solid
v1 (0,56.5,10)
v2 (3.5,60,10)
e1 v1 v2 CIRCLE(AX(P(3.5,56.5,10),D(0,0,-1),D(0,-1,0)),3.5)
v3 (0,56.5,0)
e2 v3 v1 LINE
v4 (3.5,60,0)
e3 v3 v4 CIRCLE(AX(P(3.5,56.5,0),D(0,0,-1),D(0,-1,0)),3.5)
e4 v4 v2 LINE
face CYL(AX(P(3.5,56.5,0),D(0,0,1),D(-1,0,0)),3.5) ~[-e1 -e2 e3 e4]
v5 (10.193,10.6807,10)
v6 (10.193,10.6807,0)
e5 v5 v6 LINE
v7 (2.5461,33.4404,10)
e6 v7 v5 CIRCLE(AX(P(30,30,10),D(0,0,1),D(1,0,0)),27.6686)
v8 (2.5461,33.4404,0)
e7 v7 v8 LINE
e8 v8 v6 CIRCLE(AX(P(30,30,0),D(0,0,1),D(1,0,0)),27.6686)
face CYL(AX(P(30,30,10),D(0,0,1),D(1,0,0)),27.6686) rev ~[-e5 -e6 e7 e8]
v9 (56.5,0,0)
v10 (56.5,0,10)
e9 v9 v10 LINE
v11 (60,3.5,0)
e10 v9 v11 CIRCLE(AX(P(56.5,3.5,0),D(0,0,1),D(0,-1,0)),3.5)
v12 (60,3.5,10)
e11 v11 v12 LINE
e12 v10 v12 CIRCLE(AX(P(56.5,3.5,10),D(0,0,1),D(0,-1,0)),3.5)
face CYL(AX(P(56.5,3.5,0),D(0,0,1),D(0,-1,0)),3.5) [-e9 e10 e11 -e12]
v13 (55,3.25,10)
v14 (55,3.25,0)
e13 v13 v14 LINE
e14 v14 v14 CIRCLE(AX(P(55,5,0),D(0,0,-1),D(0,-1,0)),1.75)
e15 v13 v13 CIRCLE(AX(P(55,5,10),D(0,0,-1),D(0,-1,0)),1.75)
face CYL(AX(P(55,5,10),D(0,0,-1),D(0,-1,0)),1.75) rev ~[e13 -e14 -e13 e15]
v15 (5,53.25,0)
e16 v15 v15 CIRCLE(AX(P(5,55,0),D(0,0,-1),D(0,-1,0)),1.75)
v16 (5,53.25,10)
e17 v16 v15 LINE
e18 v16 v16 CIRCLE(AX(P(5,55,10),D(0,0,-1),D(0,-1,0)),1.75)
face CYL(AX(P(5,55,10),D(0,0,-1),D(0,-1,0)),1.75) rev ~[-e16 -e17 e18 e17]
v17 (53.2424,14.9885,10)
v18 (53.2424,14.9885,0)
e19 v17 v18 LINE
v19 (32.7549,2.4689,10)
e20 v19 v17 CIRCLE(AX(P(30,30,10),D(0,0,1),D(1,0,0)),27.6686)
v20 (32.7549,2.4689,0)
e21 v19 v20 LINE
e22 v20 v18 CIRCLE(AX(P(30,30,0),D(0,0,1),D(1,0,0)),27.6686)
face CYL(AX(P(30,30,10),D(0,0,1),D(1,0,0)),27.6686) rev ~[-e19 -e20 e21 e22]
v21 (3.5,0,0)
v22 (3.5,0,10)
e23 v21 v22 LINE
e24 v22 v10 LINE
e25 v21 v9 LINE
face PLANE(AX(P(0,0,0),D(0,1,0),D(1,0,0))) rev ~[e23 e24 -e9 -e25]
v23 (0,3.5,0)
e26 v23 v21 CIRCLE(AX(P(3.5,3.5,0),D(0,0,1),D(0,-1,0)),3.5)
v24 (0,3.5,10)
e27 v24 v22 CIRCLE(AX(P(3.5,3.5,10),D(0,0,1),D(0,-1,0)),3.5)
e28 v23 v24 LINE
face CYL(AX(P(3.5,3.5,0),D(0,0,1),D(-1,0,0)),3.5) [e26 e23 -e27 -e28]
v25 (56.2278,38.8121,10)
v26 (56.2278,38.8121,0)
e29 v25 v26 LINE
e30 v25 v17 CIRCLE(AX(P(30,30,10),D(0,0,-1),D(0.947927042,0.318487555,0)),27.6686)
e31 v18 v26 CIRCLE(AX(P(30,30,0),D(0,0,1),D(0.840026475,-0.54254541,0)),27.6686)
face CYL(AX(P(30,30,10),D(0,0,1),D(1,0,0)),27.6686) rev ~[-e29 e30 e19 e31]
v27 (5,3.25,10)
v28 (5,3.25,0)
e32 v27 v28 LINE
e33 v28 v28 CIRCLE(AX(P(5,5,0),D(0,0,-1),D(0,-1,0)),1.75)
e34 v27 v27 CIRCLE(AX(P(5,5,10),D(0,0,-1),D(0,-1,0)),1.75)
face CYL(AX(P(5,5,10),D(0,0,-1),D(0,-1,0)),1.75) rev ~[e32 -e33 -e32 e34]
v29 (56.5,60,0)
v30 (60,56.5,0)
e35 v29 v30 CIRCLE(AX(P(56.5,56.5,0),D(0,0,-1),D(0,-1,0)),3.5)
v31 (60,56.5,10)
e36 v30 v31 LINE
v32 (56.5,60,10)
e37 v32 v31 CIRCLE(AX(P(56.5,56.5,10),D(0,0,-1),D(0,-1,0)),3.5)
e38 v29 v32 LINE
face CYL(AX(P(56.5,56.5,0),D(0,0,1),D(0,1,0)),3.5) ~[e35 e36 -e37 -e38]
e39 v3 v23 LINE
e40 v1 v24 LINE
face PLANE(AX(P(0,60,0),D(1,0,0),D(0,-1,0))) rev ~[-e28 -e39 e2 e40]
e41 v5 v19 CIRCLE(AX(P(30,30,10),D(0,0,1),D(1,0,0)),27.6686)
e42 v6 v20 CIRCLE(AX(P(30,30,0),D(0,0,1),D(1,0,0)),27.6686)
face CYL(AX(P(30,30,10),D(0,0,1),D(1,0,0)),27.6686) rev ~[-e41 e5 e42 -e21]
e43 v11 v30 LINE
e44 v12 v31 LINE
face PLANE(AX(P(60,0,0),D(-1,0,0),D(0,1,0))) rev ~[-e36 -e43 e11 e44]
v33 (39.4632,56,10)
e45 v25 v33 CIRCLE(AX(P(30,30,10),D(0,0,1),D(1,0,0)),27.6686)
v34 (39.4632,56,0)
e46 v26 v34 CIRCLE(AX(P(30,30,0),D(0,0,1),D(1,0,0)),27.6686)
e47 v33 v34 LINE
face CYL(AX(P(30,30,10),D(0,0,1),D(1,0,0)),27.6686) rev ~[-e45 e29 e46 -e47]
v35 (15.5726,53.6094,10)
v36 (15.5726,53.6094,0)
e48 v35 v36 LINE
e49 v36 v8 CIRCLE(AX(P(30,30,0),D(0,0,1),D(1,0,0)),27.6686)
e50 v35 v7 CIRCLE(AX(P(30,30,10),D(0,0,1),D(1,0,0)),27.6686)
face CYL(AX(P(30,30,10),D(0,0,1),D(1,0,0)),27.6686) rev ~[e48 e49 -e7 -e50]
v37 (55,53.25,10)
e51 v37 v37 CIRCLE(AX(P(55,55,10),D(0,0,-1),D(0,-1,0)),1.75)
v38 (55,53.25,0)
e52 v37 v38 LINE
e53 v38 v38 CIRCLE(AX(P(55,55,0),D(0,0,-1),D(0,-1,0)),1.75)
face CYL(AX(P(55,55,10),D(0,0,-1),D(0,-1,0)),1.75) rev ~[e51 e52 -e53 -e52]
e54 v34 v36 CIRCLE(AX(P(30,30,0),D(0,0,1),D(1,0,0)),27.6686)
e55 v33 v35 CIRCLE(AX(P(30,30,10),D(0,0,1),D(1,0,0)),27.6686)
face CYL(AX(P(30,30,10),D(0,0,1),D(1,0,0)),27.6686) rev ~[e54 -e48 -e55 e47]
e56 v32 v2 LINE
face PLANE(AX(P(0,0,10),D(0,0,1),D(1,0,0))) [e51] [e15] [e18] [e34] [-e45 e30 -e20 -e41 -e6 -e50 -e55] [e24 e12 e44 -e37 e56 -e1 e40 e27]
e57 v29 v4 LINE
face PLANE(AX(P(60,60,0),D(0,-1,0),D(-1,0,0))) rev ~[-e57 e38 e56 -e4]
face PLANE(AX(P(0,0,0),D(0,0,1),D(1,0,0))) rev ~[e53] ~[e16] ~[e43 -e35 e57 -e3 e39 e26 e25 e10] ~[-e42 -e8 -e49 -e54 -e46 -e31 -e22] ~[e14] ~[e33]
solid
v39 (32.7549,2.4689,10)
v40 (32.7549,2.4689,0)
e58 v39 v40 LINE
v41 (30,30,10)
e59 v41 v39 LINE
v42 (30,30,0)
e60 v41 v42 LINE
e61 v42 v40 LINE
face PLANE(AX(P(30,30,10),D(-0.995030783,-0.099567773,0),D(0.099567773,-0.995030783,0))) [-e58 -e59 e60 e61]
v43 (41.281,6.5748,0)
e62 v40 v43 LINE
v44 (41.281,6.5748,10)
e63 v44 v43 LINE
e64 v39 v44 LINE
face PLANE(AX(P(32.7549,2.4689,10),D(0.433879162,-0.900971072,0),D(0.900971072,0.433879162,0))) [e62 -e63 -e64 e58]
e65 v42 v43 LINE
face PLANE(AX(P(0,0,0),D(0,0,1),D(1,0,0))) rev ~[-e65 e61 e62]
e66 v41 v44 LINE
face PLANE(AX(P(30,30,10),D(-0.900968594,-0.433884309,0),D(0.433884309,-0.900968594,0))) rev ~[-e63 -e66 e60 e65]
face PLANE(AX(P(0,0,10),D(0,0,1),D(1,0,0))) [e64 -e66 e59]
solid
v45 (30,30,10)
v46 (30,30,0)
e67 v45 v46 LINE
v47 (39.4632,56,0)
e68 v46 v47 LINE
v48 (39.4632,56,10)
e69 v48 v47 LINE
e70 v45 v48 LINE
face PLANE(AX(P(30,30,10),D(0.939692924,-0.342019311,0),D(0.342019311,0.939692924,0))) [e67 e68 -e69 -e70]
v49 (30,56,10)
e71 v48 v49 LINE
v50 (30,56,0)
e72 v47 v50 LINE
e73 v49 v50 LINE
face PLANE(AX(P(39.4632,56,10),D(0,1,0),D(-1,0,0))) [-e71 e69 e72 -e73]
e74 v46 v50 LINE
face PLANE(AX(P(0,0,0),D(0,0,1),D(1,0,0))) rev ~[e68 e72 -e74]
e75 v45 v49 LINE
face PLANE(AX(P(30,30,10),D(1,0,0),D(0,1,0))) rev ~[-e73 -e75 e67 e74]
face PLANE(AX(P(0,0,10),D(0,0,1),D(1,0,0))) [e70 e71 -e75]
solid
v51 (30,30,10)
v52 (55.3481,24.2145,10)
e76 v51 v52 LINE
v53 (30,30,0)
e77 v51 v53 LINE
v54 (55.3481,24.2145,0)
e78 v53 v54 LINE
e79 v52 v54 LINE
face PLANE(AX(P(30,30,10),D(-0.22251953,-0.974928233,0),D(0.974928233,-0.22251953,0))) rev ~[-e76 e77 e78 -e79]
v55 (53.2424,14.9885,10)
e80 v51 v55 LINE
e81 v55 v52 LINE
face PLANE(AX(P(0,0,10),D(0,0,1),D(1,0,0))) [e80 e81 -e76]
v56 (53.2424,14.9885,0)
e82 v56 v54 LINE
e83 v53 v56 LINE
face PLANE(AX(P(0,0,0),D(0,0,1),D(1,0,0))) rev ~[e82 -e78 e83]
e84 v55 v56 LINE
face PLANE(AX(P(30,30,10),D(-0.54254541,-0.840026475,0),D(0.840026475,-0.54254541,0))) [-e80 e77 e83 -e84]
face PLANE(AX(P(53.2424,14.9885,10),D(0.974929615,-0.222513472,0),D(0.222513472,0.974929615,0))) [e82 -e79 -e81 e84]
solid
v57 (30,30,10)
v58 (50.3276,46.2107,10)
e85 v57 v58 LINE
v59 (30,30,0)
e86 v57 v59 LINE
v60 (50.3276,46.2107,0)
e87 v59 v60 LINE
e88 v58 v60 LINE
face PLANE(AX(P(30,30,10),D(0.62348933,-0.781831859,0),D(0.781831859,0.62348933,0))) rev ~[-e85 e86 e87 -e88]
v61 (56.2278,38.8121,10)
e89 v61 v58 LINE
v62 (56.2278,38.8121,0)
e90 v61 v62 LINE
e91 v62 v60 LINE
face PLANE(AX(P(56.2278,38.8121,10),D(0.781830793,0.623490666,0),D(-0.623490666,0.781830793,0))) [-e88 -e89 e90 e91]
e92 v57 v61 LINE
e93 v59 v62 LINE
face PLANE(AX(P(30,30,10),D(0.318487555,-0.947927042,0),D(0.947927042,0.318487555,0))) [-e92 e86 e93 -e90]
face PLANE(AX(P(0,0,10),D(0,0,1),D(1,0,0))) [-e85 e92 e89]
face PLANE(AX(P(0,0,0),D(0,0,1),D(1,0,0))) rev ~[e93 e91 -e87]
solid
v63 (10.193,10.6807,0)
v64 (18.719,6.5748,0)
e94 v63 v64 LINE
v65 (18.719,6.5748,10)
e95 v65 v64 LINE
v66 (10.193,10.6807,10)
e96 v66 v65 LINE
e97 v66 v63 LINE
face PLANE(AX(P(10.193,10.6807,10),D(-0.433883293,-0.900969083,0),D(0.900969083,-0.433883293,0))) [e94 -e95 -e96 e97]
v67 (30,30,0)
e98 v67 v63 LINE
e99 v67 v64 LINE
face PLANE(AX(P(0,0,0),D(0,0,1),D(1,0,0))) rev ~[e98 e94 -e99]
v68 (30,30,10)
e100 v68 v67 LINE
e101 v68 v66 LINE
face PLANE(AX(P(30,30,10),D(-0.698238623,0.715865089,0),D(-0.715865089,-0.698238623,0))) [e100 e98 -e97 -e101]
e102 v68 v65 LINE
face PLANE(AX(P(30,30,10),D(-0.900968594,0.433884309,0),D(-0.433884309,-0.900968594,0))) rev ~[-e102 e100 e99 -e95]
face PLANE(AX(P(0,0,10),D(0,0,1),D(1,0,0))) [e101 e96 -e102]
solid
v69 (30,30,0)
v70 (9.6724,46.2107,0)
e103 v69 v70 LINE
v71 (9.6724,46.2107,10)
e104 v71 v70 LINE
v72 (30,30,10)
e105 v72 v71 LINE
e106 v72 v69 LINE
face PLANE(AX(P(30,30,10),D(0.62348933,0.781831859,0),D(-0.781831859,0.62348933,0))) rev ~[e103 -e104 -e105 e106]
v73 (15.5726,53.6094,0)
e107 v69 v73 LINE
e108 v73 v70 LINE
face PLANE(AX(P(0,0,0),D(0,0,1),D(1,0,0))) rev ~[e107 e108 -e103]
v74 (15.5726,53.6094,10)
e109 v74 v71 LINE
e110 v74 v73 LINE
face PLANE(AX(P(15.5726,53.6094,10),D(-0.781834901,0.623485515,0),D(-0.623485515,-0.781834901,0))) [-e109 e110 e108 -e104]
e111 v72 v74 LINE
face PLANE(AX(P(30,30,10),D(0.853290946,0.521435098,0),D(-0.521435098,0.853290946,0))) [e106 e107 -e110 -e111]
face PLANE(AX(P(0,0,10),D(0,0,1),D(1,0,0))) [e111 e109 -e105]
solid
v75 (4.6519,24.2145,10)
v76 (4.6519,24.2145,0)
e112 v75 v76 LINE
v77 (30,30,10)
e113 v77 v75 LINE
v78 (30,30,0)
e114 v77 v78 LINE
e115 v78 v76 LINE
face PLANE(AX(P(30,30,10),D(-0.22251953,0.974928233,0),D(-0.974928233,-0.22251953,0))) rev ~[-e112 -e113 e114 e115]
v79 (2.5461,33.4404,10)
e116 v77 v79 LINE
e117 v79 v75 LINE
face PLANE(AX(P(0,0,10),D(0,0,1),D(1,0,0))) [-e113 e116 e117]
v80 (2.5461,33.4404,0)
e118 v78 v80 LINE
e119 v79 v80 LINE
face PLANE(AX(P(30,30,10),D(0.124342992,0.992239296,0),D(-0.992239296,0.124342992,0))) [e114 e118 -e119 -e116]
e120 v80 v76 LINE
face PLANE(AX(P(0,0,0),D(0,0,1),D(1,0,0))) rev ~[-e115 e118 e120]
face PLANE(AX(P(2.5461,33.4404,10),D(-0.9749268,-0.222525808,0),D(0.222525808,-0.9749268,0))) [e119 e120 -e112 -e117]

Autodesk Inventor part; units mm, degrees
ref_plane "YZ Plane" through (0, 0, 0) normal (1, 0, 0) x (0, 1, 0)
ref_plane "XZ Plane" through (0, 0, 0) normal (0, 1, 0) x (-1, 0, 0)
ref_plane "XY Plane" through (0, 0, 0) normal (0, 0, 1) x (1, 0, 0)
sketch "Sketch1" plane through (0, 0, 0) normal (0, 0, 1) x (1, 0, 0)
  line L0 (0, 0) -> (60, 0)
  line L1 (60, 0) -> (60, 60)
  line L2 (60, 60) -> (0, 60)
  line L3 (0, 60) -> (0, 0)
  dimension "d0" = 60
  dimension "d1" = 60
extrude "Extrusion1" add sketch "Sketch1" along normal blind 10
hole "Hole1" at (5, 55, 10) direction (0, 0, -1) diameter 3.5 end through all
hole "Hole2" at (5, 5, 10) direction (0, 0, -1) diameter 3.5 end through all
hole "Hole3" at (55, 5, 10) direction (0, 0, -1) diameter 3.5 end through all
hole "Hole4" at (55, 55, 10) direction (0, 0, -1) diameter 3.5 end through all
fillet "Fillet1" radius 3.5 4 edges at (60, 0, 5) (0, 0, 5) (0, 60, 5) (60, 60, 5)
sketch "Sketch2" plane through (0, 0, 10) normal (0, 0, 1) x (1, 0, 0)
  line L0 (56.5, 60) -> (3.5, 60) projected
  line L1 (0, 56.5) -> (0, 3.5) projected
  line L2 (3.5, 0) -> (56.5, 0) projected
  line L3 (60, 3.5) -> (60, 56.5) projected
  line L4 (30, 60) -> (30, 0) construction
  line L5 (0, 30) -> (60, 30) construction
  line L6 (30, 30) -> (30, 56)
  line L7 (30, 30) -> (39.4632, 56)
  line L8 (39.4632, 56) -> (30, 56)
  line L9 (30, 30) -> (9.6724, 46.2107)
  line L10 (30, 30) -> (15.5726, 53.6094)
  line L11 (15.5726, 53.6094) -> (9.6724, 46.2107)
  line L12 (30, 30) -> (4.6519, 24.2145)
  line L13 (30, 30) -> (2.5461, 33.4404)
  line L14 (2.5461, 33.4404) -> (4.6519, 24.2145)
  line L15 (30, 30) -> (18.719, 6.5748)
  line L16 (30, 30) -> (10.193, 10.6807)
  line L17 (10.193, 10.6807) -> (18.719, 6.5748)
  line L18 (30, 30) -> (41.281, 6.5748)
  line L19 (30, 30) -> (32.7549, 2.4689)
  line L20 (32.7549, 2.4689) -> (41.281, 6.5748)
  line L21 (30, 30) -> (55.3481, 24.2145)
  line L22 (30, 30) -> (53.2424, 14.9885)
  line L23 (53.2424, 14.9885) -> (55.3481, 24.2145)
  line L24 (30, 30) -> (50.3276, 46.2107)
  line L25 (30, 30) -> (56.2278, 38.8121)
  line L26 (56.2278, 38.8121) -> (50.3276, 46.2107)
  circle A0 centre (30, 30) radius 27.6686
  point P0 (0, 0)
  dimension "d41" = 26
  dimension "d42" = 20
  dimension "d45" = 360
extrude "Extrusion2" cut sketch "Sketch2" against normal blind 10 contours L10 A0 L8 L6 | L13 A0 L11 L9 | L16 A0 L14 L12 | L19 A0 L17 L15 | L22 A0 L20 L18 | L25 A0 L23 L21 | L7 A0 L26 L24
properties part number "Fan60mm" material "ABS Plastic"
